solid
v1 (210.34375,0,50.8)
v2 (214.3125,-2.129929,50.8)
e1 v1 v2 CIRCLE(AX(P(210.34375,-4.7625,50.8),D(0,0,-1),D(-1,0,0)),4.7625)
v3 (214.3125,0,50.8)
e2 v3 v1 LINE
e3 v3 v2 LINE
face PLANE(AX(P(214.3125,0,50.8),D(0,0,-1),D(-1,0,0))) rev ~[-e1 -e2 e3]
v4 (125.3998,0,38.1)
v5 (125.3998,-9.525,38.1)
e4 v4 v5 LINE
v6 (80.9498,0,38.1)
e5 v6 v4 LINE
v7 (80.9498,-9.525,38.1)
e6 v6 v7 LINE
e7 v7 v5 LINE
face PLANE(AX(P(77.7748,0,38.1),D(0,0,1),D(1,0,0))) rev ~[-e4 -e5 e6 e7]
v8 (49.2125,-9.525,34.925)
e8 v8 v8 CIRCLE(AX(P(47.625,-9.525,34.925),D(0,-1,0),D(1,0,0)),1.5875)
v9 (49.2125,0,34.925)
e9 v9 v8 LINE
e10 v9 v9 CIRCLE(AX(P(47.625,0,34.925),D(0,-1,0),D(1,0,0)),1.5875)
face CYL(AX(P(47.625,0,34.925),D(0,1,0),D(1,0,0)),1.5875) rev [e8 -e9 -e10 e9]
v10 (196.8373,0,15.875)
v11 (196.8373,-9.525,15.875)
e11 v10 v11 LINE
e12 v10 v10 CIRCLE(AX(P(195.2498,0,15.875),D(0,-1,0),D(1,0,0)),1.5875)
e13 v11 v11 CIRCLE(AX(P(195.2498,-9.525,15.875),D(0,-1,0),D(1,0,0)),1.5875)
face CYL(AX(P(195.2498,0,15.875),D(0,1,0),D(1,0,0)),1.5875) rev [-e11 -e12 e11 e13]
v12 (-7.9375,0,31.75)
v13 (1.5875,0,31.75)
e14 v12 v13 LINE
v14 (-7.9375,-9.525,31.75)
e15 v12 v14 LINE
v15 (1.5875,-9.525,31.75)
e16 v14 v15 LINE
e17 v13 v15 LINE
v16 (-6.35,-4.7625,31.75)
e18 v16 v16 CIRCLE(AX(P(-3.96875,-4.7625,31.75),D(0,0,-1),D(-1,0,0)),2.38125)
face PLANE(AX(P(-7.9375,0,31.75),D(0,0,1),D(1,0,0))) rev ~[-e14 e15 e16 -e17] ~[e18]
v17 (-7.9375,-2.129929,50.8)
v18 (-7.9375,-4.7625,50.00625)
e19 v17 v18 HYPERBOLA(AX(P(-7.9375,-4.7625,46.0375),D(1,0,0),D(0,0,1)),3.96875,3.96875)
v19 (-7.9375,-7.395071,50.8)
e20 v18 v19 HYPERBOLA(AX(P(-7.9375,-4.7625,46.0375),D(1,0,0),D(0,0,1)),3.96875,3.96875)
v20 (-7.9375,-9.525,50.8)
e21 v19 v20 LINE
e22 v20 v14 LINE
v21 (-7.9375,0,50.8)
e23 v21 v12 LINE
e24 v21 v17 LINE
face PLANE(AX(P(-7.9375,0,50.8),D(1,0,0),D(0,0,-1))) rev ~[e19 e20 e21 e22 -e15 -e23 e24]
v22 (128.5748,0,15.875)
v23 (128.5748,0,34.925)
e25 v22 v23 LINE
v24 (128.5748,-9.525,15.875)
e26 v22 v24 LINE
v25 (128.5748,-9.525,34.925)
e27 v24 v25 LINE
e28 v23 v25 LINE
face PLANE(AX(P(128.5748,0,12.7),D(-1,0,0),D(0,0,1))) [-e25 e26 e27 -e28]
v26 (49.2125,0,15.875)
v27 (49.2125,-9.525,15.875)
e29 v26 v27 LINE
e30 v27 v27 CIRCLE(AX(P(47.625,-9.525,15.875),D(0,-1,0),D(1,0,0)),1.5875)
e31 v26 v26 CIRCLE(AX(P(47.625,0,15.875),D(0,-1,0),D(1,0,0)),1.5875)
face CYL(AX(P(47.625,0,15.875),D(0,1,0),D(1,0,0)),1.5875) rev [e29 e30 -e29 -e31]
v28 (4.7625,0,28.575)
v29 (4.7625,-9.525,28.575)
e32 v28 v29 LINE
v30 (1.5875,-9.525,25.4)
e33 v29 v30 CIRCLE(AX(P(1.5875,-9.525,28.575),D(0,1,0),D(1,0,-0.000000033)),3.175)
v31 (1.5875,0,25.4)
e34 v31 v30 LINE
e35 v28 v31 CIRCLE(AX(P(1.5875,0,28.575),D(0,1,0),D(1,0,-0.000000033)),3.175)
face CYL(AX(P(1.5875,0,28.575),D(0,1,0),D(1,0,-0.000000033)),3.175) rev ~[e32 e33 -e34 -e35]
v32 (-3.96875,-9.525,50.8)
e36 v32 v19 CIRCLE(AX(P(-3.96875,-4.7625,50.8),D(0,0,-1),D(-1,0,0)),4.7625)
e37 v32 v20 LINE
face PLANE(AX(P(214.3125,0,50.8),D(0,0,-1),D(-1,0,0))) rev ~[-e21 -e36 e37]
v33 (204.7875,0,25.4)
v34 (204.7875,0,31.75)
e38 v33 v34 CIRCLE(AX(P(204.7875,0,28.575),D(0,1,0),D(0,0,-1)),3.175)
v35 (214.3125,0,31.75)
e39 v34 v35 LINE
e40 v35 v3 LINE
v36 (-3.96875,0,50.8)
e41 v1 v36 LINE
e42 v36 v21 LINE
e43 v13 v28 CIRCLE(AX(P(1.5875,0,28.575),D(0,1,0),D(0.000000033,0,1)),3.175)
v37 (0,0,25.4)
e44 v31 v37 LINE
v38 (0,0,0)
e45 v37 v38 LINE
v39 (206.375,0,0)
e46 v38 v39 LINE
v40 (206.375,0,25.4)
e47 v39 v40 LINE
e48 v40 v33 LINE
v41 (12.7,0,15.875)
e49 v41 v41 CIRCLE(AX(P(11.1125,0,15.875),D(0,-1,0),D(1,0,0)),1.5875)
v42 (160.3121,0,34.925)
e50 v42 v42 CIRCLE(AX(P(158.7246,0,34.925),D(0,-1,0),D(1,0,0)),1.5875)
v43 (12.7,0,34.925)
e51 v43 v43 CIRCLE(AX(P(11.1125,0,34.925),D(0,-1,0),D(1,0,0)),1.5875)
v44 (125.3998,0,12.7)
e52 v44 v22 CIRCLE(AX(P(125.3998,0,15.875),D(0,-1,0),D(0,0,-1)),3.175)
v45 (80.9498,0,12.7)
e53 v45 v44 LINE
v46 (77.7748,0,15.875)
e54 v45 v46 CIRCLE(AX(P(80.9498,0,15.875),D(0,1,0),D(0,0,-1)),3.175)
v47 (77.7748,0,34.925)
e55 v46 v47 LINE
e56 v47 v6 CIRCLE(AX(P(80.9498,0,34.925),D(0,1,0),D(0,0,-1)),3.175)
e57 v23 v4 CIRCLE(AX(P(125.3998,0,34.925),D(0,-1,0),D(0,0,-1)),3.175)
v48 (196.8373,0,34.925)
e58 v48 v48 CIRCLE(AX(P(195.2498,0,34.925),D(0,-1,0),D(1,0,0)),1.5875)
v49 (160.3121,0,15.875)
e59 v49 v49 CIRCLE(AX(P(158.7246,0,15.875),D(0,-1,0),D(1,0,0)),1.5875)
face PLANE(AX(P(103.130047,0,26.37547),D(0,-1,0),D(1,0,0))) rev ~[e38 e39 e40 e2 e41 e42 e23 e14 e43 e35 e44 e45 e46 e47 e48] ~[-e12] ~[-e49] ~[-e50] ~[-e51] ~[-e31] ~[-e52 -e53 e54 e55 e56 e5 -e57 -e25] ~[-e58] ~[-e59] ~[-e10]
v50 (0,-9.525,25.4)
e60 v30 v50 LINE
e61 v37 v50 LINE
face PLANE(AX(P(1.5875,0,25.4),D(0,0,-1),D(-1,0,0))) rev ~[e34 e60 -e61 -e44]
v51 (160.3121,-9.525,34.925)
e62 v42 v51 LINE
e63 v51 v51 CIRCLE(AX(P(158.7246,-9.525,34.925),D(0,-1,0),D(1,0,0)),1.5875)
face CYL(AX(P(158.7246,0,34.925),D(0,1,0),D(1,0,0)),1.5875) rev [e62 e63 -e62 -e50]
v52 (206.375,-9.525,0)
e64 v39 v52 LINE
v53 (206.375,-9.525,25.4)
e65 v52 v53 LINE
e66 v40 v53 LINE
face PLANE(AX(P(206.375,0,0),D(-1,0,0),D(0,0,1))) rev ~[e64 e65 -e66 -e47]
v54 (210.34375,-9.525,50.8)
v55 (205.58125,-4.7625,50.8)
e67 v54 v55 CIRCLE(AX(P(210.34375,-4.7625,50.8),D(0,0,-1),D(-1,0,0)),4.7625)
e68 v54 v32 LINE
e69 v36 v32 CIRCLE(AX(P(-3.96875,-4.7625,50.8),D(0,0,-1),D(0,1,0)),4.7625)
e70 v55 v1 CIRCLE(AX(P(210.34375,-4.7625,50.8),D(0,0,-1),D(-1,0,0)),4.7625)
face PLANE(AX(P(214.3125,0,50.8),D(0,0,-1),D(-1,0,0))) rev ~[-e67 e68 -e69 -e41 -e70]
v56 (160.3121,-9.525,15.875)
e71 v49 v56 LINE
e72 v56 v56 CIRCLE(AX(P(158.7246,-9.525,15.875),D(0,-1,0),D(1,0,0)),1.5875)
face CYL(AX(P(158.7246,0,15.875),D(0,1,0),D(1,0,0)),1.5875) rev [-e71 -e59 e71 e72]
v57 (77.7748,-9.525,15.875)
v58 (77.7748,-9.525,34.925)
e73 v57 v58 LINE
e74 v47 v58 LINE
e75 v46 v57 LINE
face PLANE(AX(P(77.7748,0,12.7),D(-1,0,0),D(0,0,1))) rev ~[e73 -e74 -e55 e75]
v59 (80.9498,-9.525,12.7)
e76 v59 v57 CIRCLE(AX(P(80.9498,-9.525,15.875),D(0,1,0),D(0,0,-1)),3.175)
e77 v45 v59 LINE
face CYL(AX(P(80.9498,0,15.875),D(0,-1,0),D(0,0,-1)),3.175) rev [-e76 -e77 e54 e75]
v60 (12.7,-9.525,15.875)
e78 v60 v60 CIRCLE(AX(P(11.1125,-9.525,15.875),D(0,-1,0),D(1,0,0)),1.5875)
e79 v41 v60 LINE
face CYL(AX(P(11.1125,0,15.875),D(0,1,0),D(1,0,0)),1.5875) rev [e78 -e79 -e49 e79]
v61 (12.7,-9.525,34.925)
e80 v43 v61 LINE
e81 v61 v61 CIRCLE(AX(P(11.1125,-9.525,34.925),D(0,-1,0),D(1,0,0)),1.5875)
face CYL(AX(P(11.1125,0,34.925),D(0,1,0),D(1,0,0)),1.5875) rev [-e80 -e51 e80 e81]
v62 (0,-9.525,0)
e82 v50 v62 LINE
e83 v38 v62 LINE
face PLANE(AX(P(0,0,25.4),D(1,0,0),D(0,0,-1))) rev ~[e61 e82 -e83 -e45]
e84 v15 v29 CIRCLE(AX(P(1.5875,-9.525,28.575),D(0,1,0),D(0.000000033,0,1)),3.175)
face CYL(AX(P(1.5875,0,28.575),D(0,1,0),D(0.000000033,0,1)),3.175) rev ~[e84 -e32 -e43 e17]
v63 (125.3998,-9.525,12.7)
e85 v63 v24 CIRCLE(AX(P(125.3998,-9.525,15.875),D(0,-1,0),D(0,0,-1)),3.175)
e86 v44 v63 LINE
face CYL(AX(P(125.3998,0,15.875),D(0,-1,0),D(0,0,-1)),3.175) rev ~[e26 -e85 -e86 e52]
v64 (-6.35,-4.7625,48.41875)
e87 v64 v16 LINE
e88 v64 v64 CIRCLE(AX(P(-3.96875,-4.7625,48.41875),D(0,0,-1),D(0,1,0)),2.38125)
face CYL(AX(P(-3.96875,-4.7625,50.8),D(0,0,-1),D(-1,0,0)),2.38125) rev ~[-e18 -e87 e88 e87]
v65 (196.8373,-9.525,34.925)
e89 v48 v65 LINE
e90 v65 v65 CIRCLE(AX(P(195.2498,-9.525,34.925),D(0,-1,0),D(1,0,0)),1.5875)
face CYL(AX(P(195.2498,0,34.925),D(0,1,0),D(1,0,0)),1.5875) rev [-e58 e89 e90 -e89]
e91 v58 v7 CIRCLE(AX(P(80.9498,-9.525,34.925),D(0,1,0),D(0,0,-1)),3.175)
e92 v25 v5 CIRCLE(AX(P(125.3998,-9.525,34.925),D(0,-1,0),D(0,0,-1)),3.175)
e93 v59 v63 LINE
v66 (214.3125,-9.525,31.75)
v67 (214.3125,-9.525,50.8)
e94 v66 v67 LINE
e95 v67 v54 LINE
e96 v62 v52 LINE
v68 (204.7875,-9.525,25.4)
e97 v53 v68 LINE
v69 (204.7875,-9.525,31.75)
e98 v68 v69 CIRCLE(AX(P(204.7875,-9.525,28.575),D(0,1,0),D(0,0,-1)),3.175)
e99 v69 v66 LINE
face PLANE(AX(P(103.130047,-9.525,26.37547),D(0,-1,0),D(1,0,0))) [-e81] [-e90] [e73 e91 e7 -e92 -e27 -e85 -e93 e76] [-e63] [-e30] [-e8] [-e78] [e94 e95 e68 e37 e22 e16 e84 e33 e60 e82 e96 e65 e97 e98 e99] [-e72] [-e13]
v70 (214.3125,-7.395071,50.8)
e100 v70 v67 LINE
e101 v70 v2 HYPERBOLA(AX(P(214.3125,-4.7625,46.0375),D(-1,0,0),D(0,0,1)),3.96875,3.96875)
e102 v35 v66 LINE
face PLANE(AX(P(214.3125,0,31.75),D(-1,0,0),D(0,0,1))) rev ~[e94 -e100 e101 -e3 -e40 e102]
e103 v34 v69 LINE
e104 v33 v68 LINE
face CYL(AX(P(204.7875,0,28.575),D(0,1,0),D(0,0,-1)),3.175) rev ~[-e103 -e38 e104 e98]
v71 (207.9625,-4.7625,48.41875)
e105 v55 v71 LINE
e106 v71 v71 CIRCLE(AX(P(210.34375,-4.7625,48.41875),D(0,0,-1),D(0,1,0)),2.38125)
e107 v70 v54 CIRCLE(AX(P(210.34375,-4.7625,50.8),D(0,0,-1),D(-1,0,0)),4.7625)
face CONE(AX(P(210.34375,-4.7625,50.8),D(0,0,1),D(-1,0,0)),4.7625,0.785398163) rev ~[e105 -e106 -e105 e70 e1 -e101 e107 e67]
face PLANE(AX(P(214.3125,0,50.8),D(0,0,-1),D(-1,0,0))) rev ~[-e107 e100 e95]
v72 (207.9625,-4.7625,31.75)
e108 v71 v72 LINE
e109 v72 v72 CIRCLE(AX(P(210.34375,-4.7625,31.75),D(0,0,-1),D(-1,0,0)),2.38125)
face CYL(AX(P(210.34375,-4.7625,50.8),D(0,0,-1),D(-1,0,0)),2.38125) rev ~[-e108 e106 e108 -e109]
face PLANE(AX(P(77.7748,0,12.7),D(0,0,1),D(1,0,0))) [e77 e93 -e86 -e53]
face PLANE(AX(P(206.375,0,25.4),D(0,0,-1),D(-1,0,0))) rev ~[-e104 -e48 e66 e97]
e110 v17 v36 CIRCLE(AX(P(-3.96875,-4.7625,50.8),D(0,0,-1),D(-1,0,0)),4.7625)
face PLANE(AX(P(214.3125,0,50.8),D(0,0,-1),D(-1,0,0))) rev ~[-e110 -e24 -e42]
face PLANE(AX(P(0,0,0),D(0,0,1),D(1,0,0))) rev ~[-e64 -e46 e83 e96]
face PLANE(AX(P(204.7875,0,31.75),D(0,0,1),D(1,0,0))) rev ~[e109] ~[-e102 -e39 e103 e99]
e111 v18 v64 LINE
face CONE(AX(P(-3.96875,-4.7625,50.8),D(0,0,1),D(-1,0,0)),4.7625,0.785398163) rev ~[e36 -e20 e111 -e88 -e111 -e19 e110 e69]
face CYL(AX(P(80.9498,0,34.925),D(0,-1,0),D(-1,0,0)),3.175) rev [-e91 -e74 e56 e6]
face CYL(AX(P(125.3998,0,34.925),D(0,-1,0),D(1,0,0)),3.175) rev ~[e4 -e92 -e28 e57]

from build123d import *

# Parameters (mm, degrees)
F0_R           = 1.5875
F0_W           = 50.8
F0_H           = 25.4
F1_DEPTH       = 9.525
F2_R           = 3.175
F4_D           = 4.7625
F4_CSINK_D     = 9.525
F4_CSINK_ANGLE = 90


with BuildPart() as f1:
    # F0 (on Front) → F1 (new body)
    with BuildSketch(Plane.XZ):
        with BuildLine():
            Line((0, 25.4), (0, 0))
            Line((0, 0), (206.375, 0))
            Line((206.375, 0), (206.375, 25.4))
            Line((206.375, 25.4), (204.7875, 25.4))
            ThreePointArc((204.7875, 25.4), (201.6125, 28.575), (204.7875, 31.75))
            Line((204.7875, 31.75), (206.375, 31.75))
            Line((206.375, 31.75), (214.3125, 31.75))
            Line((214.3125, 31.75), (214.3125, 50.8))
            Line((214.3125, 50.8), (206.375, 50.8))
            Line((206.375, 50.8), (0, 50.8))
            Line((0, 50.8), (-7.9375, 50.8))
            Line((-7.9375, 50.8), (-7.9375, 31.75))
            Line((-7.9375, 31.75), (0, 31.75))
            Line((0, 31.75), (1.5875, 31.75))
            ThreePointArc((1.5875, 31.75), (3.832564, 30.820064), (4.7625, 28.575))
            ThreePointArc((4.7625, 28.575), (3.832564, 26.329936), (1.5875, 25.4))
            Line((1.5875, 25.4), (0, 25.4))
        make_face()
        with Locations((11.1125, 15.875)):
            Circle(F0_R, mode=Mode.SUBTRACT)
        with Locations((47.625, 15.875)):
            Circle(F0_R, mode=Mode.SUBTRACT)
        with Locations((103.1748, 25.4)):
            Rectangle(F0_W, F0_H, mode=Mode.SUBTRACT)
        with Locations((158.7246, 15.875)):
            Circle(F0_R, mode=Mode.SUBTRACT)
        with Locations((195.2498, 15.875)):
            Circle(F0_R, mode=Mode.SUBTRACT)
        with Locations((11.1125, 34.925)):
            Circle(F0_R, mode=Mode.SUBTRACT)
        with Locations((47.625, 34.925)):
            Circle(F0_R, mode=Mode.SUBTRACT)
        with Locations((158.7246, 34.925)):
            Circle(F0_R, mode=Mode.SUBTRACT)
        with Locations((195.2498, 34.925)):
            Circle(F0_R, mode=Mode.SUBTRACT)
    extrude(amount=F1_DEPTH)

    # F2
    f2_edges = [f1.edges().sort_by_distance(p)[0] for p in [
        (77.7748, -4.7625, 12.7),
        (128.5748, -4.7625, 12.7),
        (77.7748, -4.7625, 38.1),
        (128.5748, -4.7625, 38.1),
    ]]
    fillet(f2_edges, radius=F2_R)

    # F4 (through all)
    with Locations(Plane.XY.offset(50.8)):
        with Locations((-3.96875, -4.7625), (210.34375, -4.7625)):
            CounterSinkHole(F4_D / 2, F4_CSINK_D / 2, counter_sink_angle=F4_CSINK_ANGLE)


solid = f1.part
